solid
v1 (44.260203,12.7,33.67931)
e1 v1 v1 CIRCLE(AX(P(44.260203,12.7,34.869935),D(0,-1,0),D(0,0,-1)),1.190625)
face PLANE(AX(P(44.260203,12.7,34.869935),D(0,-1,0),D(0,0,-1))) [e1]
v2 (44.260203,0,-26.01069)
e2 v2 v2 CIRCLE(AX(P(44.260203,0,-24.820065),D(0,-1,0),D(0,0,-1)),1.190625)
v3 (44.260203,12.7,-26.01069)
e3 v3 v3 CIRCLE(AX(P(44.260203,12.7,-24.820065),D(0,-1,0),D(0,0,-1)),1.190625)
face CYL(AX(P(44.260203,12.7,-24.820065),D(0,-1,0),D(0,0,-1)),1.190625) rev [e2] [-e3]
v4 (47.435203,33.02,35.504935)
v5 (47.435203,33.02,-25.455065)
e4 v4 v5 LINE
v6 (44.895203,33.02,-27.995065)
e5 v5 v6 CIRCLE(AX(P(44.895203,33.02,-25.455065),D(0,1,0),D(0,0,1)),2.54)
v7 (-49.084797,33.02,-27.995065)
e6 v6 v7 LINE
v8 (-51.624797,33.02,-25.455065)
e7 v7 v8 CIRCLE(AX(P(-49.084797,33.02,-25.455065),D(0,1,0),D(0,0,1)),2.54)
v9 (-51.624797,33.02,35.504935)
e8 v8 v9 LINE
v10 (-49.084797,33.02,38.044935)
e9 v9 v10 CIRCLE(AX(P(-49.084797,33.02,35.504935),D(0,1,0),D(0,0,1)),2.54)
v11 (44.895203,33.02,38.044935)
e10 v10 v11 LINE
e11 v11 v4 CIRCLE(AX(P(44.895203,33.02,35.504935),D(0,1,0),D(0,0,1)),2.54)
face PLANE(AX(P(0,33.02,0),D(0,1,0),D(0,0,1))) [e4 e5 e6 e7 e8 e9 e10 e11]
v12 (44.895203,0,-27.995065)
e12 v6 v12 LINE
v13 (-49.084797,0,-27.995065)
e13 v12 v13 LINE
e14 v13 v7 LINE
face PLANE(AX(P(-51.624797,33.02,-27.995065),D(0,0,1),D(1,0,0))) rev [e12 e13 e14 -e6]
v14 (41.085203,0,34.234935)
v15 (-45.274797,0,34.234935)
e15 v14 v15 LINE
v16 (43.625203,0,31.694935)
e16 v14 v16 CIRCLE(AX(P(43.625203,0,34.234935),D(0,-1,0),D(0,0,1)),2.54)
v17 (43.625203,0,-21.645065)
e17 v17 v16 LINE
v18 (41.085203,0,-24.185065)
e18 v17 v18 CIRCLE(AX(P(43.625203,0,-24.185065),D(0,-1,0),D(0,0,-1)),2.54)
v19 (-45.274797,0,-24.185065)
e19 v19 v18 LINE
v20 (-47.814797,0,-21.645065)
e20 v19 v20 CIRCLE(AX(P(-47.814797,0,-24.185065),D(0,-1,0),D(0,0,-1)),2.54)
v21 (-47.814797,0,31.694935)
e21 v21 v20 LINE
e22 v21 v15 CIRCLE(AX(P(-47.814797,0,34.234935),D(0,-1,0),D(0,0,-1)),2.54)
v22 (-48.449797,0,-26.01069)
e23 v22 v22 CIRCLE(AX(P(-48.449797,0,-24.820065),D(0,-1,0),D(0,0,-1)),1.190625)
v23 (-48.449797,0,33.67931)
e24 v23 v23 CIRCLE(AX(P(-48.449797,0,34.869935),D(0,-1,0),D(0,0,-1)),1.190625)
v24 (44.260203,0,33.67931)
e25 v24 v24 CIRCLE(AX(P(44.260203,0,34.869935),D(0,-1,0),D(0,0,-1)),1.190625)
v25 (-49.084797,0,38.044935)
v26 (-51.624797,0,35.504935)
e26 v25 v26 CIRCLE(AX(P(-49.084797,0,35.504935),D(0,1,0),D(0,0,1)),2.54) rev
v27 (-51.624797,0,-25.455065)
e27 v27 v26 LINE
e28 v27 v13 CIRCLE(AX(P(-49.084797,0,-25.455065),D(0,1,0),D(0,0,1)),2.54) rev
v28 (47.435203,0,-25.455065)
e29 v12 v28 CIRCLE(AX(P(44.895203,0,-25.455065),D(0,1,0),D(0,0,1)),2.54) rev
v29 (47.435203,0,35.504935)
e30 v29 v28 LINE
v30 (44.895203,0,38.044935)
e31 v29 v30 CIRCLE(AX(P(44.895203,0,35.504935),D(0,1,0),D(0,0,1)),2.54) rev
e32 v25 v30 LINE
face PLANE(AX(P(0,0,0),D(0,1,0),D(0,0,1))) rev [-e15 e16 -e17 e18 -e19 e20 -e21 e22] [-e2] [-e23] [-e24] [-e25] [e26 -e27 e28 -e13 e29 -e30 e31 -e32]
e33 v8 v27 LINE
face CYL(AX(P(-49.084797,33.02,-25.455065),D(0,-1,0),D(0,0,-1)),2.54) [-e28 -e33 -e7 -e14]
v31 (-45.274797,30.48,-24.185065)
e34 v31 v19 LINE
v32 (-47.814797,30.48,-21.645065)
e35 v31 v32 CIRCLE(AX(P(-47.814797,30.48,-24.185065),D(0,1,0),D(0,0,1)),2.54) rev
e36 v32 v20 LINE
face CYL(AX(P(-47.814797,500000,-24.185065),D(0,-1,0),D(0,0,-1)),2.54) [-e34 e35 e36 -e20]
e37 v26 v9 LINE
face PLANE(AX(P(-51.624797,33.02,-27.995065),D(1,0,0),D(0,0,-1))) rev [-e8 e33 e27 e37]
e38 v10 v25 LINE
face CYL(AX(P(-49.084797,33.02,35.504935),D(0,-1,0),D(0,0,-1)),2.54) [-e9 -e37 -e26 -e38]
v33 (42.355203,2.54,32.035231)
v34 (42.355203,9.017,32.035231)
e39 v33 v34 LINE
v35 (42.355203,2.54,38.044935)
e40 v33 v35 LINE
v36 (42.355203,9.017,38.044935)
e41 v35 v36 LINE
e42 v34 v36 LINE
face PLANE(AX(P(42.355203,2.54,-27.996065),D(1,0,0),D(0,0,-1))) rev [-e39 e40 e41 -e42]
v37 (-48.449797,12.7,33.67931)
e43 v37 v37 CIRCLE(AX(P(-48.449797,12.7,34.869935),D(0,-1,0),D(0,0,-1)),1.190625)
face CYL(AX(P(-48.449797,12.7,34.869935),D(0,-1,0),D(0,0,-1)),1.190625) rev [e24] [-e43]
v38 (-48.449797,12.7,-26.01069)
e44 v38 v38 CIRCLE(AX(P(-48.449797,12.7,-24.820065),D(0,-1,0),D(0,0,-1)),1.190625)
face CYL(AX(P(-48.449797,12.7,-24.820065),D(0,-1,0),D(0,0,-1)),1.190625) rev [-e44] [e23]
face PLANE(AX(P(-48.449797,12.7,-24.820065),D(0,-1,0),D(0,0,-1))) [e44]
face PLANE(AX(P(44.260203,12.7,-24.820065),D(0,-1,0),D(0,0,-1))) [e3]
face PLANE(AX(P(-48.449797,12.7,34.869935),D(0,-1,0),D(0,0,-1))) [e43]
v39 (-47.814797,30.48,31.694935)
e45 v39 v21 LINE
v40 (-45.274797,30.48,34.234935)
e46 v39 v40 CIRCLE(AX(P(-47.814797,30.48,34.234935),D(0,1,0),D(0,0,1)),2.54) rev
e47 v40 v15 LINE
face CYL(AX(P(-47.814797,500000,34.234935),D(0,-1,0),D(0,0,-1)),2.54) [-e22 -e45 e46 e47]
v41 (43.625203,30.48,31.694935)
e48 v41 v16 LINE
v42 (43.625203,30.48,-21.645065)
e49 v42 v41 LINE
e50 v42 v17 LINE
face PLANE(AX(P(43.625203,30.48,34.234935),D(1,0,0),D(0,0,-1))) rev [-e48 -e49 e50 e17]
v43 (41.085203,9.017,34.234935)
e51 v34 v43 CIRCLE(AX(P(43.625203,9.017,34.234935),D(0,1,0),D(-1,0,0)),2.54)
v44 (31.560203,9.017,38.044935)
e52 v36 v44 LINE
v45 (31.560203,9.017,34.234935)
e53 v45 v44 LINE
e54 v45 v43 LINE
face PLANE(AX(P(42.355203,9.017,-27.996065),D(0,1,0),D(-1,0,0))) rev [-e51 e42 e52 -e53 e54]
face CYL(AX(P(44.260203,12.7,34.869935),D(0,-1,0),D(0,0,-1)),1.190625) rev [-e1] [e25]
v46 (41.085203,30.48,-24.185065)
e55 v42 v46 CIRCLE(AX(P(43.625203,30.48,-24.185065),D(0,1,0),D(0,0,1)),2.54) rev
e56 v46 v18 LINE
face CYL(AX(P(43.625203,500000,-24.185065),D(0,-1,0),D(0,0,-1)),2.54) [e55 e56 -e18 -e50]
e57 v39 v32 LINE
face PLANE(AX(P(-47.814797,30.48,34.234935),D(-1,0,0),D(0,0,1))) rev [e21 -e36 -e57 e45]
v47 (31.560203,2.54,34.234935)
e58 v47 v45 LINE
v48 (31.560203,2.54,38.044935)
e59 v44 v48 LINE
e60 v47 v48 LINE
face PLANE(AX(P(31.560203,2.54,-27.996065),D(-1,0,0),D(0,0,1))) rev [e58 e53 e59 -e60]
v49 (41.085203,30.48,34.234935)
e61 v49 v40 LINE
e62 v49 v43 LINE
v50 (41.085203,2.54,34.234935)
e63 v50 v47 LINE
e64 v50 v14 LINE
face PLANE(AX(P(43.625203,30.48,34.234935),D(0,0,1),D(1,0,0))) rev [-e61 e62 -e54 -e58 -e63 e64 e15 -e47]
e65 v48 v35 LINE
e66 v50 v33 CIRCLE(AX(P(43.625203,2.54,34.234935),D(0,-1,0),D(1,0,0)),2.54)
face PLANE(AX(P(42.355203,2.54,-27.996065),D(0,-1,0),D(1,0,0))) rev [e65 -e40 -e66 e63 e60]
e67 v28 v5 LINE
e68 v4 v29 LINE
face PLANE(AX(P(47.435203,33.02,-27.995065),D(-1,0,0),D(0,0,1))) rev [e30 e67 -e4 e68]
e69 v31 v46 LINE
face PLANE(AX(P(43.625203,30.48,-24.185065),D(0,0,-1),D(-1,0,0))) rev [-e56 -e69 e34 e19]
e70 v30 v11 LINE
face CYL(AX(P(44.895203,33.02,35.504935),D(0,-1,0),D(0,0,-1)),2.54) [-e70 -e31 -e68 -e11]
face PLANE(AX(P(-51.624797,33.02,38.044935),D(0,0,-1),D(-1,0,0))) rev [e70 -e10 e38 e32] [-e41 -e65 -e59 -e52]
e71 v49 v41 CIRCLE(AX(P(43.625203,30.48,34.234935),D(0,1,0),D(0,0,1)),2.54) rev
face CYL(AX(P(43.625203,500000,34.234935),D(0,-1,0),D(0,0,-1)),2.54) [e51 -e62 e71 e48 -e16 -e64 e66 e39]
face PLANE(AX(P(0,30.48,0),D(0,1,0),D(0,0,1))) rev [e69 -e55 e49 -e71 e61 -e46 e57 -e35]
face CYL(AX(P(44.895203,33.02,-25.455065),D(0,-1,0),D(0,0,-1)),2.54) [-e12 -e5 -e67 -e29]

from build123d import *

# Parameters (mm, degrees)
SKETCH1_W           = 99.06
SKETCH1_H           = 66.04
BOSS_EXTRUDE1_DEPTH = 33.02
FILLET1_R           = 2.54
SKETCH3_W           = 91.44
SKETCH3_H           = 58.42
CUT_EXTRUDE1_DEPTH  = 30.48
BOSS_EXTRUDE2_REACH = 74.131
SKETCH4_R           = 1.190625
CUT_EXTRUDE5_DEPTH  = 12.7
CUT_EXTRUDE4_REACH  = 92.093
SKETCH6_W           = 10.795
SKETCH6_H           = 6.477


with BuildPart() as part:
    # Sketch1 → Boss-Extrude1 (new body)
    with BuildSketch(Plane(origin=(0, 0, 0), x_dir=(1, 0, 0), z_dir=(0, 1, 0))):
        with Locations((-2.094797048, -5.024935424)):
            Rectangle(SKETCH1_W, SKETCH1_H)
    extrude(amount=BOSS_EXTRUDE1_DEPTH)

    # Fillet1
    fillet1_edges = [part.edges().sort_by_distance(p)[0] for p in [
        (-51.624797048, 16.51, -27.995064576),
        (47.435202952, 16.51, -27.995064576),
        (47.435202952, 16.51, 38.044935424),
        (-51.624797048, 16.51, 38.044935424),
    ]]
    fillet(fillet1_edges, radius=FILLET1_R)

    # Sketch3 → Cut-Extrude1 (cut)
    with BuildSketch(Plane.XZ):
        with Locations((-2.094797048, 5.024935424)):
            Rectangle(SKETCH3_W, SKETCH3_H)
    extrude(amount=-CUT_EXTRUDE1_DEPTH, mode=Mode.SUBTRACT)

    # Sketch7 → Boss-Extrude2 (add, up to next)
    with BuildSketch(Plane.XZ, mode=Mode.PRIVATE) as boss_extrude2_sk1:
        with BuildLine():
            Line((43.625202952, 34.234935424), (41.085202952, 34.234935424))
            ThreePointArc((41.085202952, 34.234935424), (41.829151728, 32.4388842), (43.625202952, 31.694935424))
            Line((43.625202952, 31.694935424), (43.625202952, 34.234935424))
        make_face()
    boss_extrude2_tool1 = extrude(boss_extrude2_sk1.sketch, amount=-BOSS_EXTRUDE2_REACH, mode=Mode.PRIVATE) - part.part
    # Sketch7 → Boss-Extrude2 (add, up to next)
    with BuildSketch(Plane.XZ, mode=Mode.PRIVATE) as boss_extrude2_sk2:
        with BuildLine():
            Line((-47.814797048, 34.234935424), (-45.274797048, 34.234935424))
            ThreePointArc((-45.274797048, 34.234935424), (-46.018745824, 32.4388842), (-47.814797048, 31.694935424))
            Line((-47.814797048, 31.694935424), (-47.814797048, 34.234935424))
        make_face()
    boss_extrude2_tool2 = extrude(boss_extrude2_sk2.sketch, amount=-BOSS_EXTRUDE2_REACH, mode=Mode.PRIVATE) - part.part
    # Sketch7 → Boss-Extrude2 (add, up to next)
    with BuildSketch(Plane.XZ, mode=Mode.PRIVATE) as boss_extrude2_sk3:
        with BuildLine():
            Line((-47.814797048, -21.645064576), (-47.814797048, -24.185064576))
            Line((-47.814797048, -24.185064576), (-45.274797048, -24.185064576))
            ThreePointArc((-45.274797048, -24.185064576), (-46.018745824, -22.389013351), (-47.814797048, -21.645064576))
        make_face()
    boss_extrude2_tool3 = extrude(boss_extrude2_sk3.sketch, amount=-BOSS_EXTRUDE2_REACH, mode=Mode.PRIVATE) - part.part
    # Sketch7 → Boss-Extrude2 (add, up to next)
    with BuildSketch(Plane.XZ, mode=Mode.PRIVATE) as boss_extrude2_sk4:
        with BuildLine():
            Line((41.085202952, -24.185064576), (43.625202952, -24.185064576))
            Line((43.625202952, -24.185064576), (43.625202952, -21.645064576))
            ThreePointArc((43.625202952, -21.645064576), (41.829151728, -22.389013351), (41.085202952, -24.185064576))
        make_face()
    boss_extrude2_tool4 = extrude(boss_extrude2_sk4.sketch, amount=-BOSS_EXTRUDE2_REACH, mode=Mode.PRIVATE) - part.part
    add(boss_extrude2_tool1.solids().sort_by_distance((42.547193, 0, 33.156926))[0])
    add(boss_extrude2_tool2.solids().sort_by_distance((-46.736788, 0, 33.156926))[0])
    add(boss_extrude2_tool3.solids().sort_by_distance((-46.736788, 0, -23.107055))[0])
    add(boss_extrude2_tool4.solids().sort_by_distance((42.547193, 0, -23.107055))[0])

    # Sketch4 → Cut-Extrude5 (cut)
    with BuildSketch(Plane.XZ):
        with Locations(Location((44.260202952, 34.869935424, 0), (0, 0, 270))):
            Circle(SKETCH4_R)
        with Locations(Location((44.260202952, -24.820064576, 0), (0, 0, 270))):
            Circle(SKETCH4_R)
        with Locations(Location((-48.449797048, 34.869935424, 0), (0, 0, 270))):
            Circle(SKETCH4_R)
        with Locations(Location((-48.449797048, -24.820064576, 0), (0, 0, 270))):
            Circle(SKETCH4_R)
    extrude(amount=-CUT_EXTRUDE5_DEPTH, mode=Mode.SUBTRACT)

    # Sketch6 → Cut-Extrude4 (cut, up to next)
    with BuildSketch(Plane.XY.offset(38.044935424), mode=Mode.PRIVATE) as cut_extrude4_sk1:
        with Locations((36.957702952, 5.7785)):
            Rectangle(SKETCH6_W, SKETCH6_H)
    cut_extrude4_tool1 = extrude(cut_extrude4_sk1.sketch, amount=-CUT_EXTRUDE4_REACH, mode=Mode.PRIVATE) & part.part
    add(cut_extrude4_tool1.solids().sort_by_distance((36.957703, 5.7785, 38.044935))[0], mode=Mode.SUBTRACT)


solid = part.part
